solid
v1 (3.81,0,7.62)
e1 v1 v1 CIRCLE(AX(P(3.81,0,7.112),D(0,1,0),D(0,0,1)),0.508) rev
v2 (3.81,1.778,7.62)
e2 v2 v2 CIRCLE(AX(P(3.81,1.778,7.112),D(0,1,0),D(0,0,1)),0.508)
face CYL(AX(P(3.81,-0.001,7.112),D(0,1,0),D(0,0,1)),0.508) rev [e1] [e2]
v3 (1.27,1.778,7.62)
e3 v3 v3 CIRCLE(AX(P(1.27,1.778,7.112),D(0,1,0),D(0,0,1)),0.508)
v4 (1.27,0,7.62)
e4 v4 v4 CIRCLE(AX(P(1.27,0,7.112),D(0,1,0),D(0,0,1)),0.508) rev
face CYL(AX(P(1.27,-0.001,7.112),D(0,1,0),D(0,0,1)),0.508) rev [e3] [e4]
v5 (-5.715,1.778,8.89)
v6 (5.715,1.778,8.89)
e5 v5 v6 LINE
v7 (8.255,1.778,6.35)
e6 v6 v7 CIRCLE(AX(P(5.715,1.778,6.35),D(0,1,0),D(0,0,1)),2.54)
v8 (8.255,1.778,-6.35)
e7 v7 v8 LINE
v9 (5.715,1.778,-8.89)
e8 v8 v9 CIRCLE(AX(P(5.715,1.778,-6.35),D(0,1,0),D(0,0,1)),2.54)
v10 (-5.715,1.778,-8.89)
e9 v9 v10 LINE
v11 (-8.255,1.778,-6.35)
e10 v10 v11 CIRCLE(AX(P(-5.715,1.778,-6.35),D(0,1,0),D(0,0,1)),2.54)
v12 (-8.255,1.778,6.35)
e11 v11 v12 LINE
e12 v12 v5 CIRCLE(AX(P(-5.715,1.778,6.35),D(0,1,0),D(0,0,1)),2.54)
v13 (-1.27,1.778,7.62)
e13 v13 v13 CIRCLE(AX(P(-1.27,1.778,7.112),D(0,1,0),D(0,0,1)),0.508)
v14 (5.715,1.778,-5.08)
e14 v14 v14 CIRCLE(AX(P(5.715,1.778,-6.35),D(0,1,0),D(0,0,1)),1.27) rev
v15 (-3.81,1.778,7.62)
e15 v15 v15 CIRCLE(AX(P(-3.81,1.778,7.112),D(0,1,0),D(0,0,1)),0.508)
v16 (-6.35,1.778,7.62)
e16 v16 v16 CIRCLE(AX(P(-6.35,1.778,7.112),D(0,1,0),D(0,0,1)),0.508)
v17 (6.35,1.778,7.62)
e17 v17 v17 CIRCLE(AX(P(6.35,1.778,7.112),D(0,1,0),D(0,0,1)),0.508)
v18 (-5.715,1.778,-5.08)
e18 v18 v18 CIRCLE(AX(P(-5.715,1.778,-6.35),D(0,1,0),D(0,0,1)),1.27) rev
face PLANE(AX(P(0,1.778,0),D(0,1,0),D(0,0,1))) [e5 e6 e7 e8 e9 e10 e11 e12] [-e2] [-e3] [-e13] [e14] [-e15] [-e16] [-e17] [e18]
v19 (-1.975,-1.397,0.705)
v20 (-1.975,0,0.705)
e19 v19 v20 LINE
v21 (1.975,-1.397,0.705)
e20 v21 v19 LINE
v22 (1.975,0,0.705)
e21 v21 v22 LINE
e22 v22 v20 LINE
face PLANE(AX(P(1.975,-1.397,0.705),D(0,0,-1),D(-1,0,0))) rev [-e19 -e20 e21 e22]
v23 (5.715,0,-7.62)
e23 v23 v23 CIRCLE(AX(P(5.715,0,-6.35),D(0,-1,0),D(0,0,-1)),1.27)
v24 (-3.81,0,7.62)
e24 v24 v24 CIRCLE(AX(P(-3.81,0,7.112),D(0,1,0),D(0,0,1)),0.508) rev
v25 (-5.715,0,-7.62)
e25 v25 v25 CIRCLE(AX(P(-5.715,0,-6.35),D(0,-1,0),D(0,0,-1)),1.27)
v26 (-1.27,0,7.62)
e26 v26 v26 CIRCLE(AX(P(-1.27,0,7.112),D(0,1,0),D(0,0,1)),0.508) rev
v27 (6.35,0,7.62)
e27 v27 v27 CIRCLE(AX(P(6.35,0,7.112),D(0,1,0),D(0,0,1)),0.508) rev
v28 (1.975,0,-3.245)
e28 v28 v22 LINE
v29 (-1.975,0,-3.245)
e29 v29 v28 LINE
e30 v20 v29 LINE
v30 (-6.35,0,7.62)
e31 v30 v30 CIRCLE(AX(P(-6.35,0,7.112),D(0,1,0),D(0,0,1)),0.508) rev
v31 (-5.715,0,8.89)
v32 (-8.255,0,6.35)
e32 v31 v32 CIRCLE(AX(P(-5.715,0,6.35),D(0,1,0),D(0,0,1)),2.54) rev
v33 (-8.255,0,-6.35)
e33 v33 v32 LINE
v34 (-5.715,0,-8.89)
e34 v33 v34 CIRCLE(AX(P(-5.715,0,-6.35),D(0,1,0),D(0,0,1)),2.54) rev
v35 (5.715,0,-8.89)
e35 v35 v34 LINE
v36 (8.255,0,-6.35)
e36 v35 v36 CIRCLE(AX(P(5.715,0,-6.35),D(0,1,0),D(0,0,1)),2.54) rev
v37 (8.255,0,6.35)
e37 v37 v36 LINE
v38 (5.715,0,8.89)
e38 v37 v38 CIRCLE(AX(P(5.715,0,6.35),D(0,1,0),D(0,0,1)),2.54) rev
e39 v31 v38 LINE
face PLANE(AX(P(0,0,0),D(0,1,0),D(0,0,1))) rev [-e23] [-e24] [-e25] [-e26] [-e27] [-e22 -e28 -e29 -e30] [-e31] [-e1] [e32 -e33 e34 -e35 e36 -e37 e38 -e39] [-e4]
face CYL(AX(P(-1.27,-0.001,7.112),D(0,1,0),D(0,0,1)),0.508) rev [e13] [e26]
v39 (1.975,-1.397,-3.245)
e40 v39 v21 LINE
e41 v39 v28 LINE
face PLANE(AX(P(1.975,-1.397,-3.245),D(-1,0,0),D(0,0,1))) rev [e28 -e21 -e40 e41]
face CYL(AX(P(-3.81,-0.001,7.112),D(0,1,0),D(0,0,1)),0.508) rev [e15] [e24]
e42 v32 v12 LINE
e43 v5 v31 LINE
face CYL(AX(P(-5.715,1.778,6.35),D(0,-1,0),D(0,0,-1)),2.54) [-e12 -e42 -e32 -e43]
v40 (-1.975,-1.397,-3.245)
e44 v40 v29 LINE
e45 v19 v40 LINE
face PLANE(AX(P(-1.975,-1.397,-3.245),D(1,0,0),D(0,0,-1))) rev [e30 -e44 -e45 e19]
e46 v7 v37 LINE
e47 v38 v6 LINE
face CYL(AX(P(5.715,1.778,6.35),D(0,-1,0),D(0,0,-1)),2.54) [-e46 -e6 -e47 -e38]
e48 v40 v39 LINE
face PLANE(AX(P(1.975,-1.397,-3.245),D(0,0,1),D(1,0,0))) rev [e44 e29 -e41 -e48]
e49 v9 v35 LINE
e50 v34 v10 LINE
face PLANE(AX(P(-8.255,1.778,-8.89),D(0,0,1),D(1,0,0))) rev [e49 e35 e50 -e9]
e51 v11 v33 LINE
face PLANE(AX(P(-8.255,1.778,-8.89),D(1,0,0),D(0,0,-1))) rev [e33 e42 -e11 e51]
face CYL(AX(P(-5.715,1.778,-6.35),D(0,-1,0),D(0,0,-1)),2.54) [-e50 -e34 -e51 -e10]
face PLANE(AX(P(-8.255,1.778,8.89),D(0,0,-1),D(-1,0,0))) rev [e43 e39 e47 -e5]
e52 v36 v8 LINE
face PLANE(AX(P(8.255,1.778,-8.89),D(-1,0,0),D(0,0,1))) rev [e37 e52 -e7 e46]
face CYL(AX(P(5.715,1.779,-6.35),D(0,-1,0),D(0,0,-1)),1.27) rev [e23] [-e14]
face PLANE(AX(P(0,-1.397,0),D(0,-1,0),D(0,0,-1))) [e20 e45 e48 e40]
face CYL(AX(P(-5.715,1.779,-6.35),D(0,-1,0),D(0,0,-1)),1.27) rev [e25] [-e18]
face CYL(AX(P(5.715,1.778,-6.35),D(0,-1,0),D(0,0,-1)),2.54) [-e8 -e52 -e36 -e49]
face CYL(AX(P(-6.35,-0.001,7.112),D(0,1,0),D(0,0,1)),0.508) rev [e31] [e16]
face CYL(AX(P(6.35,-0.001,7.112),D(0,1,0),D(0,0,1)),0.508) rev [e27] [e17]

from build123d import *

# Parameters (mm, degrees)
SKETCH1_W           = 16.51
SKETCH1_H           = 17.78
BOSS_EXTRUDE1_DEPTH = 1.778
FILLET1_R           = 2.54
CUT_EXTRUDE1_REACH  = 14.261
SKETCH2_R           = 0.508
SKETCH4_W           = 3.95
SKETCH4_H           = 3.95
BOSS_EXTRUDE3_DEPTH = 1.397
CUT_EXTRUDE2_REACH  = 14.261
SKETCH5_R           = 1.27


with BuildPart() as part:
    # Sketch1 → Boss-Extrude1 (new body)
    with BuildSketch(Plane(origin=(0, 0, 0), x_dir=(1, 0, 0), z_dir=(0, 1, 0))):
        Rectangle(SKETCH1_W, SKETCH1_H)
    extrude(amount=BOSS_EXTRUDE1_DEPTH)

    # Fillet1
    fillet1_edges = [part.edges().sort_by_distance(p)[0] for p in [
        (8.255, 0.889, 8.89),
        (-8.255, 0.889, 8.89),
        (-8.255, 0.889, -8.89),
        (8.255, 0.889, -8.89),
    ]]
    fillet(fillet1_edges, radius=FILLET1_R)

    # Sketch2 → Cut-Extrude1 (cut, up to next)
    with BuildSketch(Plane(origin=(0, 1.778, 0), x_dir=(1, 0, 0), z_dir=(0, 1, 0)), mode=Mode.PRIVATE) as cut_extrude1_sk1:
        with Locations(Location((-6.35, -7.112, 0), (0, 0, 270))):
            Circle(SKETCH2_R)
    cut_extrude1_tool1 = extrude(cut_extrude1_sk1.sketch, amount=-CUT_EXTRUDE1_REACH, mode=Mode.PRIVATE) & part.part
    # Sketch2 → Cut-Extrude1 (cut, up to next)
    with BuildSketch(Plane(origin=(0, 1.778, 0), x_dir=(1, 0, 0), z_dir=(0, 1, 0)), mode=Mode.PRIVATE) as cut_extrude1_sk2:
        with Locations(Location((-3.81, -7.112, 0), (0, 0, 270))):
            Circle(SKETCH2_R)
    cut_extrude1_tool2 = extrude(cut_extrude1_sk2.sketch, amount=-CUT_EXTRUDE1_REACH, mode=Mode.PRIVATE) & part.part
    # Sketch2 → Cut-Extrude1 (cut, up to next)
    with BuildSketch(Plane(origin=(0, 1.778, 0), x_dir=(1, 0, 0), z_dir=(0, 1, 0)), mode=Mode.PRIVATE) as cut_extrude1_sk3:
        with Locations(Location((-1.27, -7.112, 0), (0, 0, 270))):
            Circle(SKETCH2_R)
    cut_extrude1_tool3 = extrude(cut_extrude1_sk3.sketch, amount=-CUT_EXTRUDE1_REACH, mode=Mode.PRIVATE) & part.part
    # Sketch2 → Cut-Extrude1 (cut, up to next)
    with BuildSketch(Plane(origin=(0, 1.778, 0), x_dir=(1, 0, 0), z_dir=(0, 1, 0)), mode=Mode.PRIVATE) as cut_extrude1_sk4:
        with Locations(Location((1.27, -7.112, 0), (0, 0, 270))):
            Circle(SKETCH2_R)
    cut_extrude1_tool4 = extrude(cut_extrude1_sk4.sketch, amount=-CUT_EXTRUDE1_REACH, mode=Mode.PRIVATE) & part.part
    # Sketch2 → Cut-Extrude1 (cut, up to next)
    with BuildSketch(Plane(origin=(0, 1.778, 0), x_dir=(1, 0, 0), z_dir=(0, 1, 0)), mode=Mode.PRIVATE) as cut_extrude1_sk5:
        with Locations(Location((3.81, -7.112, 0), (0, 0, 270))):
            Circle(SKETCH2_R)
    cut_extrude1_tool5 = extrude(cut_extrude1_sk5.sketch, amount=-CUT_EXTRUDE1_REACH, mode=Mode.PRIVATE) & part.part
    # Sketch2 → Cut-Extrude1 (cut, up to next)
    with BuildSketch(Plane(origin=(0, 1.778, 0), x_dir=(1, 0, 0), z_dir=(0, 1, 0)), mode=Mode.PRIVATE) as cut_extrude1_sk6:
        with Locations(Location((6.35, -7.112, 0), (0, 0, 270))):
            Circle(SKETCH2_R)
    cut_extrude1_tool6 = extrude(cut_extrude1_sk6.sketch, amount=-CUT_EXTRUDE1_REACH, mode=Mode.PRIVATE) & part.part
    add(cut_extrude1_tool1.solids().sort_by_distance((-6.35, 1.778, 7.112))[0], mode=Mode.SUBTRACT)
    add(cut_extrude1_tool2.solids().sort_by_distance((-3.81, 1.778, 7.112))[0], mode=Mode.SUBTRACT)
    add(cut_extrude1_tool3.solids().sort_by_distance((-1.27, 1.778, 7.112))[0], mode=Mode.SUBTRACT)
    add(cut_extrude1_tool4.solids().sort_by_distance((1.27, 1.778, 7.112))[0], mode=Mode.SUBTRACT)
    add(cut_extrude1_tool5.solids().sort_by_distance((3.81, 1.778, 7.112))[0], mode=Mode.SUBTRACT)
    add(cut_extrude1_tool6.solids().sort_by_distance((6.35, 1.778, 7.112))[0], mode=Mode.SUBTRACT)

    # Sketch4 → Boss-Extrude3 (add)
    with BuildSketch(Plane(origin=(0, 0, 0), x_dir=(-1, 0, 0), z_dir=(0, -1, 0))):
        with Locations((0, 1.27)):
            Rectangle(SKETCH4_W, SKETCH4_H)
    extrude(amount=BOSS_EXTRUDE3_DEPTH)

    # Sketch5 → Cut-Extrude2 (cut, up to next)
    with BuildSketch(Plane(origin=(0, 0, 0), x_dir=(-1, 0, 0), z_dir=(0, -1, 0)), mode=Mode.PRIVATE) as cut_extrude2_sk1:
        with Locations(Location((-5.715, 6.35, 0), (0, 0, 90))):
            Circle(SKETCH5_R)
    cut_extrude2_tool1 = extrude(cut_extrude2_sk1.sketch, amount=-CUT_EXTRUDE2_REACH, mode=Mode.PRIVATE) & part.part
    # Sketch5 → Cut-Extrude2 (cut, up to next)
    with BuildSketch(Plane(origin=(0, 0, 0), x_dir=(-1, 0, 0), z_dir=(0, -1, 0)), mode=Mode.PRIVATE) as cut_extrude2_sk2:
        with Locations(Location((5.715, 6.35, 0), (0, 0, 90))):
            Circle(SKETCH5_R)
    cut_extrude2_tool2 = extrude(cut_extrude2_sk2.sketch, amount=-CUT_EXTRUDE2_REACH, mode=Mode.PRIVATE) & part.part
    add(cut_extrude2_tool1.solids().sort_by_distance((5.715, 0, -6.35))[0], mode=Mode.SUBTRACT)
    add(cut_extrude2_tool2.solids().sort_by_distance((-5.715, 0, -6.35))[0], mode=Mode.SUBTRACT)


solid = part.part
